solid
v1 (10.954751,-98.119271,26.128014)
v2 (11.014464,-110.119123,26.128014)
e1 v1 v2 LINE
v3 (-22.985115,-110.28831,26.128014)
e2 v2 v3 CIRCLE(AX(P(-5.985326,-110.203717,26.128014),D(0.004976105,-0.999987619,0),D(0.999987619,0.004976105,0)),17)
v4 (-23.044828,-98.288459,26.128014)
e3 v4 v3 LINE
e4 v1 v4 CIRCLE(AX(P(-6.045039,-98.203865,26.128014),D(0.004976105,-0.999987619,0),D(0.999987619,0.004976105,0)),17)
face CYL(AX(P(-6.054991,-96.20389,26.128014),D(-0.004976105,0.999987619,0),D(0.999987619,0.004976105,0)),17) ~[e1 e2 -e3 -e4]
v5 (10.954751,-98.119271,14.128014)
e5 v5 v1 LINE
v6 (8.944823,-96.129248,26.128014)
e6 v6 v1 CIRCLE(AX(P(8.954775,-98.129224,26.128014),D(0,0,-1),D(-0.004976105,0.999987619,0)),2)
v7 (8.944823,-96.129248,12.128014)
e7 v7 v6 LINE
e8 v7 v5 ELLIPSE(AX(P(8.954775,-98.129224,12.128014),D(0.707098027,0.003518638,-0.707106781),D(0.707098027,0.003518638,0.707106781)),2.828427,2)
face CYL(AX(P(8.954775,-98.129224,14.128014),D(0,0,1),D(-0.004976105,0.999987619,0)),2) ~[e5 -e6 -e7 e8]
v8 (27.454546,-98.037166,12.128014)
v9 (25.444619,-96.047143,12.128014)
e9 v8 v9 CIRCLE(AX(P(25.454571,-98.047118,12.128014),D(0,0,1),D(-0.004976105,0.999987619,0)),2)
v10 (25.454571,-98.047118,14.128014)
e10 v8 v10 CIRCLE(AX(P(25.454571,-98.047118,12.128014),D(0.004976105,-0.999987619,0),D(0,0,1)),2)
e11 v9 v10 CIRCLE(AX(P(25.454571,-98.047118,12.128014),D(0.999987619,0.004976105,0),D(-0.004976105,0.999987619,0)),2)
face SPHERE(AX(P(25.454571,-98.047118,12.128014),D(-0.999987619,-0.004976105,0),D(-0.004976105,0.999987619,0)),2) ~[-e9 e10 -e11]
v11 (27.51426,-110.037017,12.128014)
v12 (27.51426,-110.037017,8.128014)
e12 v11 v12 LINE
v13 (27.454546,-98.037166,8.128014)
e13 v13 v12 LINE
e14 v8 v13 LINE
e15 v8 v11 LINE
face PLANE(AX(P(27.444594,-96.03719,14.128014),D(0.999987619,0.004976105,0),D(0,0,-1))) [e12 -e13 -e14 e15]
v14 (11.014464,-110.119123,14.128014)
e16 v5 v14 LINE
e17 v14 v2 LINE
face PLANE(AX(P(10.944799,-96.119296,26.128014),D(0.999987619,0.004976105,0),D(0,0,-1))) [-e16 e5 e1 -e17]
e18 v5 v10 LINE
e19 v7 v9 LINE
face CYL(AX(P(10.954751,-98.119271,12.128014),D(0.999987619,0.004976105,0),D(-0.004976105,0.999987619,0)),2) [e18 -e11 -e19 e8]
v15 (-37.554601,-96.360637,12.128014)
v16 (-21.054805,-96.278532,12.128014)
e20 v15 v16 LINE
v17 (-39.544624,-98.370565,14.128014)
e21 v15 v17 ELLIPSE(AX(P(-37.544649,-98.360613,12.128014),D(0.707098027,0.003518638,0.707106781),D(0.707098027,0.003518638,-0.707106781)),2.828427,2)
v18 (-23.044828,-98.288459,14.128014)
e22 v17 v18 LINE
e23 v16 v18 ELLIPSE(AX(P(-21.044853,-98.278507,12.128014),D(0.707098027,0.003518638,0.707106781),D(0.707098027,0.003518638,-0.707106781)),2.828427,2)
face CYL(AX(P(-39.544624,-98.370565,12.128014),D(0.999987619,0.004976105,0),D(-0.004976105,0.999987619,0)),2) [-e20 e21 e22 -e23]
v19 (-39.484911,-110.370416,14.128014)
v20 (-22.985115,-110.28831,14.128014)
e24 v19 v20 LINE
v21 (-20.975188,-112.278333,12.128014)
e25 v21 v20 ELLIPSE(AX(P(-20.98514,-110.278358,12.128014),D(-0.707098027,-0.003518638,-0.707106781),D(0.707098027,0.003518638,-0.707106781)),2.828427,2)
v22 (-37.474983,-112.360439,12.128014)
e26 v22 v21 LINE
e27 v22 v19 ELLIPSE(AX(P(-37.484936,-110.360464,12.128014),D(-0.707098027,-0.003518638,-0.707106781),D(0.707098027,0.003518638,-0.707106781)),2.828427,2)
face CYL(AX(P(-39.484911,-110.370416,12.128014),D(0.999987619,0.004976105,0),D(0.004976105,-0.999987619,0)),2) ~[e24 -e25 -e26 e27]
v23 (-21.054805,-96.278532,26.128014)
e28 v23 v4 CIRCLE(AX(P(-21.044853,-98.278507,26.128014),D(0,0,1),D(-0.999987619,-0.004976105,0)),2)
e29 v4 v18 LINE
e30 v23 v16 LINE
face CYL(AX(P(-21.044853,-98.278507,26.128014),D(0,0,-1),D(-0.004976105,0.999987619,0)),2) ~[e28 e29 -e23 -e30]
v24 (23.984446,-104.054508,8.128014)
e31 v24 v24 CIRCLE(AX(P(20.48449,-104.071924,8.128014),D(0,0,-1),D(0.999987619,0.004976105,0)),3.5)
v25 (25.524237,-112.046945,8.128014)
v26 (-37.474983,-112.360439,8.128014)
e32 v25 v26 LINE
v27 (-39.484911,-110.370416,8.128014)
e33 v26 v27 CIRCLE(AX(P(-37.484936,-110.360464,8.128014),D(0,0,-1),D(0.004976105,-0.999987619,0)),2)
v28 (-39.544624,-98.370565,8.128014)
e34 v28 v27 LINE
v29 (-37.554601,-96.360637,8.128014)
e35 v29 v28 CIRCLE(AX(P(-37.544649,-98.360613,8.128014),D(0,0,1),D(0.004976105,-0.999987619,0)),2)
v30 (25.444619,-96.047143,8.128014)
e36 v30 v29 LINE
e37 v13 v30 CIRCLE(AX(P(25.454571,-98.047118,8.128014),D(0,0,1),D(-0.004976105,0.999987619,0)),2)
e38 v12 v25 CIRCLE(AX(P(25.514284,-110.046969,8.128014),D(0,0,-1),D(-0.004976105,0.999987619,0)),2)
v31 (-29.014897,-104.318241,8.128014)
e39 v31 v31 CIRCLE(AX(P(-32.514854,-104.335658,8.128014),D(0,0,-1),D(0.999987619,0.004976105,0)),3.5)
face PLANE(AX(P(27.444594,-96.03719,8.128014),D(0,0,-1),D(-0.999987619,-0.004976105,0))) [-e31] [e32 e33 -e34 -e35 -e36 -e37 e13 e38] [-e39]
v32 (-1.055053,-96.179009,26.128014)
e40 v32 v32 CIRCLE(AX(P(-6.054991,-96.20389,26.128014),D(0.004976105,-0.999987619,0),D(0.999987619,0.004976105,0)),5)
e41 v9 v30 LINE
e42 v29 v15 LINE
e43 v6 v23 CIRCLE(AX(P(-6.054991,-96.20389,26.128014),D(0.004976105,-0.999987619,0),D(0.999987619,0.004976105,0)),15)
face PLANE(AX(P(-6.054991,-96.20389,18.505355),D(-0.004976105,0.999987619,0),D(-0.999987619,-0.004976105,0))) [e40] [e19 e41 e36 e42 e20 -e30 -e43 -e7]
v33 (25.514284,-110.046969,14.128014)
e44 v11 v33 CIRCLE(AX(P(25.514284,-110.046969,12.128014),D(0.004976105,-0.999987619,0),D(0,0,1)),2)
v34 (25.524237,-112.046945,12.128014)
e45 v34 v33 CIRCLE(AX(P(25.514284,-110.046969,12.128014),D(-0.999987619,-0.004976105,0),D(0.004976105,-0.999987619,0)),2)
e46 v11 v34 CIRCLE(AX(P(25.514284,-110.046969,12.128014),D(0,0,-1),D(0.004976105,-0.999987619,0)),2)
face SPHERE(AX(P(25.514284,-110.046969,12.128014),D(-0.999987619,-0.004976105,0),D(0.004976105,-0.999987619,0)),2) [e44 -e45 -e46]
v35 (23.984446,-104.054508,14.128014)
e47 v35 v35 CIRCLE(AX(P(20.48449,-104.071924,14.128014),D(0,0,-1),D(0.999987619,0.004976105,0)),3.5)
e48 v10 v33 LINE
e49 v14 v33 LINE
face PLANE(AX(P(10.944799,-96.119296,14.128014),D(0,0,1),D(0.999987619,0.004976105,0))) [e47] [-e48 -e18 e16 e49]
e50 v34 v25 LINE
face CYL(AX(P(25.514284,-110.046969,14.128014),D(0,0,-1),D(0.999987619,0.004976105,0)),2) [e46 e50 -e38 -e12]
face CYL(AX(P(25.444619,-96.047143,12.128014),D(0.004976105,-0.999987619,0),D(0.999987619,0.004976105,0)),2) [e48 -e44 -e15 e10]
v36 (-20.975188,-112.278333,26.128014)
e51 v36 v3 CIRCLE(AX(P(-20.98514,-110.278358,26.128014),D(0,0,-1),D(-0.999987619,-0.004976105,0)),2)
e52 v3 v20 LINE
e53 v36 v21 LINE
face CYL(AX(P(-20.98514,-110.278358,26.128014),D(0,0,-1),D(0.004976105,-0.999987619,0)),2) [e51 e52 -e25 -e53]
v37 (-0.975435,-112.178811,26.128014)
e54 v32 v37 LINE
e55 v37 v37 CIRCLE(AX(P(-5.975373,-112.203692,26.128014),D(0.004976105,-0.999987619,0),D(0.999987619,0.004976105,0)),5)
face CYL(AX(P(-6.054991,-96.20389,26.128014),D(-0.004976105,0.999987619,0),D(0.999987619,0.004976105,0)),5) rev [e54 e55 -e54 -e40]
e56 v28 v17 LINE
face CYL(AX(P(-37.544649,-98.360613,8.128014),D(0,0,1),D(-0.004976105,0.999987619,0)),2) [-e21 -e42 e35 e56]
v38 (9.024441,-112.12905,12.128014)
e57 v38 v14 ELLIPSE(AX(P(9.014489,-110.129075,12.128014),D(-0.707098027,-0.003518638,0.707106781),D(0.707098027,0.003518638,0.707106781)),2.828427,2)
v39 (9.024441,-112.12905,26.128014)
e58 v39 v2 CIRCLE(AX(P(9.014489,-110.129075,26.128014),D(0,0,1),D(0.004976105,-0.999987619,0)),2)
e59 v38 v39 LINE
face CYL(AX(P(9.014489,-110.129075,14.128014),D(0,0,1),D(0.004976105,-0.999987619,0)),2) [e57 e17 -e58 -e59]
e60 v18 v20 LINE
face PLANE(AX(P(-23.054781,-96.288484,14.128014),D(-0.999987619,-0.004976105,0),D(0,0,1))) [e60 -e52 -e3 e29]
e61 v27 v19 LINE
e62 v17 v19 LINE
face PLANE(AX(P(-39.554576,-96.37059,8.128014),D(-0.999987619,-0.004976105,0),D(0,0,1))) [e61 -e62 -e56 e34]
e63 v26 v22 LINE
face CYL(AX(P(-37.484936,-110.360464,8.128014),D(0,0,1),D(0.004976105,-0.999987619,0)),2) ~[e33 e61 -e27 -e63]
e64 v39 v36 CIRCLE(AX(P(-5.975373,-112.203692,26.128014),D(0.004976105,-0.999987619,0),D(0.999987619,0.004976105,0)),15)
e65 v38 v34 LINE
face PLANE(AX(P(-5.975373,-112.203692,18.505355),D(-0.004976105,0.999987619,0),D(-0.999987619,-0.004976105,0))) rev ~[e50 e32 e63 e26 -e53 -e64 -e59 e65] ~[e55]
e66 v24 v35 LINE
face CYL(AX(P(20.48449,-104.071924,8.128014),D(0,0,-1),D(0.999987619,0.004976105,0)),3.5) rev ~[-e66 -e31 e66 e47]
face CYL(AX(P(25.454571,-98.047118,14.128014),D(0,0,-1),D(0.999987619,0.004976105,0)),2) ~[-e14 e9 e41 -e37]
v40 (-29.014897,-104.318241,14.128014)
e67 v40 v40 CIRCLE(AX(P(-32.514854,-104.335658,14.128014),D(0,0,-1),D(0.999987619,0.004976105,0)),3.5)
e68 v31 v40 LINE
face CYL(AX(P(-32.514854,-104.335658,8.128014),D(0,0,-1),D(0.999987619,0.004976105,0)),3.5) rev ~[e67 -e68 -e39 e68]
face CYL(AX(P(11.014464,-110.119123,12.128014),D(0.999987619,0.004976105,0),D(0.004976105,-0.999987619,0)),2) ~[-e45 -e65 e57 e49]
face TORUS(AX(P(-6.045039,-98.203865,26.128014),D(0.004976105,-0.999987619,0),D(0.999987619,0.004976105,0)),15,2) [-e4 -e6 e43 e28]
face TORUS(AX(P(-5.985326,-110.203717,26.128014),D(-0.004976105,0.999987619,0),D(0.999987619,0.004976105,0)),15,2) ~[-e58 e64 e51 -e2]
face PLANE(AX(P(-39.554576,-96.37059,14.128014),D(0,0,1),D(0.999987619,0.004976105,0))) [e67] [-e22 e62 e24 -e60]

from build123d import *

# Parameters (mm, degrees)
SKETCH012_R             = 5
PAD004_DEPTH            = 16
SKETCH013_R             = 3.5
POCKET_DEPTH            = 35.001
FILLET_R                = 2
BODY003_PLACEMENT_ANGLE = 0.285111


with BuildPart() as part:
    # Sketch012 → Pad004 (new body)
    with BuildSketch(Plane.XZ):
        with BuildLine():
            Line((33.5, -18), (-33.5, -18))
            Line((-33.5, -18), (-33.5, -12))
            Line((-33.5, -12), (-17, -12))
            Line((-17, -12), (-17, 0))
            ThreePointArc((17, 0), (0, 17), (-17, 0))
            Line((17, 0), (17, -12))
            Line((17, -12), (33.5, -12))
            Line((33.5, -12), (33.5, -18))
        make_face()
        Circle(SKETCH012_R, mode=Mode.SUBTRACT)
    extrude(amount=PAD004_DEPTH)

    # Sketch013 (on Face4 of Pad004) → Pocket (cut, through all)
    with BuildSketch(Plane(origin=(0, 0, -18), x_dir=(1, 0, 0), z_dir=(0, 0, -1))):
        with Locations((-26.5, 8)):
            Circle(SKETCH013_R)
        with Locations((26.5, 8)):
            Circle(SKETCH013_R)
    extrude(amount=-POCKET_DEPTH, mode=Mode.SUBTRACT)

    # Fillet
    fillet_edges = [part.edges().sort_by_distance(p)[0] for p in [
        (0, -16, 17),
        (0, 0, 17),
        (-25.25, 0, -12),
        (-25.25, -16, -12),
        (-33.5, -16, -15),
        (-33.5, 0, -15),
        (25.25, -16, -12),
        (25.25, 0, -12),
        (33.5, 0, -15),
        (33.5, -16, -15),
        (33.5, -8, -12),
    ]]
    fillet(fillet_edges, radius=FILLET_R)


with BuildPart() as part_1:
    # Body003 placement: moved
    add(part.part.moved(Location((-6.054991, -96.20389, 26.128014))).rotate(Axis((-6.054991, -96.20389, 26.128014), (0, 0, 1)), BODY003_PLACEMENT_ANGLE))


solid = part_1.part
